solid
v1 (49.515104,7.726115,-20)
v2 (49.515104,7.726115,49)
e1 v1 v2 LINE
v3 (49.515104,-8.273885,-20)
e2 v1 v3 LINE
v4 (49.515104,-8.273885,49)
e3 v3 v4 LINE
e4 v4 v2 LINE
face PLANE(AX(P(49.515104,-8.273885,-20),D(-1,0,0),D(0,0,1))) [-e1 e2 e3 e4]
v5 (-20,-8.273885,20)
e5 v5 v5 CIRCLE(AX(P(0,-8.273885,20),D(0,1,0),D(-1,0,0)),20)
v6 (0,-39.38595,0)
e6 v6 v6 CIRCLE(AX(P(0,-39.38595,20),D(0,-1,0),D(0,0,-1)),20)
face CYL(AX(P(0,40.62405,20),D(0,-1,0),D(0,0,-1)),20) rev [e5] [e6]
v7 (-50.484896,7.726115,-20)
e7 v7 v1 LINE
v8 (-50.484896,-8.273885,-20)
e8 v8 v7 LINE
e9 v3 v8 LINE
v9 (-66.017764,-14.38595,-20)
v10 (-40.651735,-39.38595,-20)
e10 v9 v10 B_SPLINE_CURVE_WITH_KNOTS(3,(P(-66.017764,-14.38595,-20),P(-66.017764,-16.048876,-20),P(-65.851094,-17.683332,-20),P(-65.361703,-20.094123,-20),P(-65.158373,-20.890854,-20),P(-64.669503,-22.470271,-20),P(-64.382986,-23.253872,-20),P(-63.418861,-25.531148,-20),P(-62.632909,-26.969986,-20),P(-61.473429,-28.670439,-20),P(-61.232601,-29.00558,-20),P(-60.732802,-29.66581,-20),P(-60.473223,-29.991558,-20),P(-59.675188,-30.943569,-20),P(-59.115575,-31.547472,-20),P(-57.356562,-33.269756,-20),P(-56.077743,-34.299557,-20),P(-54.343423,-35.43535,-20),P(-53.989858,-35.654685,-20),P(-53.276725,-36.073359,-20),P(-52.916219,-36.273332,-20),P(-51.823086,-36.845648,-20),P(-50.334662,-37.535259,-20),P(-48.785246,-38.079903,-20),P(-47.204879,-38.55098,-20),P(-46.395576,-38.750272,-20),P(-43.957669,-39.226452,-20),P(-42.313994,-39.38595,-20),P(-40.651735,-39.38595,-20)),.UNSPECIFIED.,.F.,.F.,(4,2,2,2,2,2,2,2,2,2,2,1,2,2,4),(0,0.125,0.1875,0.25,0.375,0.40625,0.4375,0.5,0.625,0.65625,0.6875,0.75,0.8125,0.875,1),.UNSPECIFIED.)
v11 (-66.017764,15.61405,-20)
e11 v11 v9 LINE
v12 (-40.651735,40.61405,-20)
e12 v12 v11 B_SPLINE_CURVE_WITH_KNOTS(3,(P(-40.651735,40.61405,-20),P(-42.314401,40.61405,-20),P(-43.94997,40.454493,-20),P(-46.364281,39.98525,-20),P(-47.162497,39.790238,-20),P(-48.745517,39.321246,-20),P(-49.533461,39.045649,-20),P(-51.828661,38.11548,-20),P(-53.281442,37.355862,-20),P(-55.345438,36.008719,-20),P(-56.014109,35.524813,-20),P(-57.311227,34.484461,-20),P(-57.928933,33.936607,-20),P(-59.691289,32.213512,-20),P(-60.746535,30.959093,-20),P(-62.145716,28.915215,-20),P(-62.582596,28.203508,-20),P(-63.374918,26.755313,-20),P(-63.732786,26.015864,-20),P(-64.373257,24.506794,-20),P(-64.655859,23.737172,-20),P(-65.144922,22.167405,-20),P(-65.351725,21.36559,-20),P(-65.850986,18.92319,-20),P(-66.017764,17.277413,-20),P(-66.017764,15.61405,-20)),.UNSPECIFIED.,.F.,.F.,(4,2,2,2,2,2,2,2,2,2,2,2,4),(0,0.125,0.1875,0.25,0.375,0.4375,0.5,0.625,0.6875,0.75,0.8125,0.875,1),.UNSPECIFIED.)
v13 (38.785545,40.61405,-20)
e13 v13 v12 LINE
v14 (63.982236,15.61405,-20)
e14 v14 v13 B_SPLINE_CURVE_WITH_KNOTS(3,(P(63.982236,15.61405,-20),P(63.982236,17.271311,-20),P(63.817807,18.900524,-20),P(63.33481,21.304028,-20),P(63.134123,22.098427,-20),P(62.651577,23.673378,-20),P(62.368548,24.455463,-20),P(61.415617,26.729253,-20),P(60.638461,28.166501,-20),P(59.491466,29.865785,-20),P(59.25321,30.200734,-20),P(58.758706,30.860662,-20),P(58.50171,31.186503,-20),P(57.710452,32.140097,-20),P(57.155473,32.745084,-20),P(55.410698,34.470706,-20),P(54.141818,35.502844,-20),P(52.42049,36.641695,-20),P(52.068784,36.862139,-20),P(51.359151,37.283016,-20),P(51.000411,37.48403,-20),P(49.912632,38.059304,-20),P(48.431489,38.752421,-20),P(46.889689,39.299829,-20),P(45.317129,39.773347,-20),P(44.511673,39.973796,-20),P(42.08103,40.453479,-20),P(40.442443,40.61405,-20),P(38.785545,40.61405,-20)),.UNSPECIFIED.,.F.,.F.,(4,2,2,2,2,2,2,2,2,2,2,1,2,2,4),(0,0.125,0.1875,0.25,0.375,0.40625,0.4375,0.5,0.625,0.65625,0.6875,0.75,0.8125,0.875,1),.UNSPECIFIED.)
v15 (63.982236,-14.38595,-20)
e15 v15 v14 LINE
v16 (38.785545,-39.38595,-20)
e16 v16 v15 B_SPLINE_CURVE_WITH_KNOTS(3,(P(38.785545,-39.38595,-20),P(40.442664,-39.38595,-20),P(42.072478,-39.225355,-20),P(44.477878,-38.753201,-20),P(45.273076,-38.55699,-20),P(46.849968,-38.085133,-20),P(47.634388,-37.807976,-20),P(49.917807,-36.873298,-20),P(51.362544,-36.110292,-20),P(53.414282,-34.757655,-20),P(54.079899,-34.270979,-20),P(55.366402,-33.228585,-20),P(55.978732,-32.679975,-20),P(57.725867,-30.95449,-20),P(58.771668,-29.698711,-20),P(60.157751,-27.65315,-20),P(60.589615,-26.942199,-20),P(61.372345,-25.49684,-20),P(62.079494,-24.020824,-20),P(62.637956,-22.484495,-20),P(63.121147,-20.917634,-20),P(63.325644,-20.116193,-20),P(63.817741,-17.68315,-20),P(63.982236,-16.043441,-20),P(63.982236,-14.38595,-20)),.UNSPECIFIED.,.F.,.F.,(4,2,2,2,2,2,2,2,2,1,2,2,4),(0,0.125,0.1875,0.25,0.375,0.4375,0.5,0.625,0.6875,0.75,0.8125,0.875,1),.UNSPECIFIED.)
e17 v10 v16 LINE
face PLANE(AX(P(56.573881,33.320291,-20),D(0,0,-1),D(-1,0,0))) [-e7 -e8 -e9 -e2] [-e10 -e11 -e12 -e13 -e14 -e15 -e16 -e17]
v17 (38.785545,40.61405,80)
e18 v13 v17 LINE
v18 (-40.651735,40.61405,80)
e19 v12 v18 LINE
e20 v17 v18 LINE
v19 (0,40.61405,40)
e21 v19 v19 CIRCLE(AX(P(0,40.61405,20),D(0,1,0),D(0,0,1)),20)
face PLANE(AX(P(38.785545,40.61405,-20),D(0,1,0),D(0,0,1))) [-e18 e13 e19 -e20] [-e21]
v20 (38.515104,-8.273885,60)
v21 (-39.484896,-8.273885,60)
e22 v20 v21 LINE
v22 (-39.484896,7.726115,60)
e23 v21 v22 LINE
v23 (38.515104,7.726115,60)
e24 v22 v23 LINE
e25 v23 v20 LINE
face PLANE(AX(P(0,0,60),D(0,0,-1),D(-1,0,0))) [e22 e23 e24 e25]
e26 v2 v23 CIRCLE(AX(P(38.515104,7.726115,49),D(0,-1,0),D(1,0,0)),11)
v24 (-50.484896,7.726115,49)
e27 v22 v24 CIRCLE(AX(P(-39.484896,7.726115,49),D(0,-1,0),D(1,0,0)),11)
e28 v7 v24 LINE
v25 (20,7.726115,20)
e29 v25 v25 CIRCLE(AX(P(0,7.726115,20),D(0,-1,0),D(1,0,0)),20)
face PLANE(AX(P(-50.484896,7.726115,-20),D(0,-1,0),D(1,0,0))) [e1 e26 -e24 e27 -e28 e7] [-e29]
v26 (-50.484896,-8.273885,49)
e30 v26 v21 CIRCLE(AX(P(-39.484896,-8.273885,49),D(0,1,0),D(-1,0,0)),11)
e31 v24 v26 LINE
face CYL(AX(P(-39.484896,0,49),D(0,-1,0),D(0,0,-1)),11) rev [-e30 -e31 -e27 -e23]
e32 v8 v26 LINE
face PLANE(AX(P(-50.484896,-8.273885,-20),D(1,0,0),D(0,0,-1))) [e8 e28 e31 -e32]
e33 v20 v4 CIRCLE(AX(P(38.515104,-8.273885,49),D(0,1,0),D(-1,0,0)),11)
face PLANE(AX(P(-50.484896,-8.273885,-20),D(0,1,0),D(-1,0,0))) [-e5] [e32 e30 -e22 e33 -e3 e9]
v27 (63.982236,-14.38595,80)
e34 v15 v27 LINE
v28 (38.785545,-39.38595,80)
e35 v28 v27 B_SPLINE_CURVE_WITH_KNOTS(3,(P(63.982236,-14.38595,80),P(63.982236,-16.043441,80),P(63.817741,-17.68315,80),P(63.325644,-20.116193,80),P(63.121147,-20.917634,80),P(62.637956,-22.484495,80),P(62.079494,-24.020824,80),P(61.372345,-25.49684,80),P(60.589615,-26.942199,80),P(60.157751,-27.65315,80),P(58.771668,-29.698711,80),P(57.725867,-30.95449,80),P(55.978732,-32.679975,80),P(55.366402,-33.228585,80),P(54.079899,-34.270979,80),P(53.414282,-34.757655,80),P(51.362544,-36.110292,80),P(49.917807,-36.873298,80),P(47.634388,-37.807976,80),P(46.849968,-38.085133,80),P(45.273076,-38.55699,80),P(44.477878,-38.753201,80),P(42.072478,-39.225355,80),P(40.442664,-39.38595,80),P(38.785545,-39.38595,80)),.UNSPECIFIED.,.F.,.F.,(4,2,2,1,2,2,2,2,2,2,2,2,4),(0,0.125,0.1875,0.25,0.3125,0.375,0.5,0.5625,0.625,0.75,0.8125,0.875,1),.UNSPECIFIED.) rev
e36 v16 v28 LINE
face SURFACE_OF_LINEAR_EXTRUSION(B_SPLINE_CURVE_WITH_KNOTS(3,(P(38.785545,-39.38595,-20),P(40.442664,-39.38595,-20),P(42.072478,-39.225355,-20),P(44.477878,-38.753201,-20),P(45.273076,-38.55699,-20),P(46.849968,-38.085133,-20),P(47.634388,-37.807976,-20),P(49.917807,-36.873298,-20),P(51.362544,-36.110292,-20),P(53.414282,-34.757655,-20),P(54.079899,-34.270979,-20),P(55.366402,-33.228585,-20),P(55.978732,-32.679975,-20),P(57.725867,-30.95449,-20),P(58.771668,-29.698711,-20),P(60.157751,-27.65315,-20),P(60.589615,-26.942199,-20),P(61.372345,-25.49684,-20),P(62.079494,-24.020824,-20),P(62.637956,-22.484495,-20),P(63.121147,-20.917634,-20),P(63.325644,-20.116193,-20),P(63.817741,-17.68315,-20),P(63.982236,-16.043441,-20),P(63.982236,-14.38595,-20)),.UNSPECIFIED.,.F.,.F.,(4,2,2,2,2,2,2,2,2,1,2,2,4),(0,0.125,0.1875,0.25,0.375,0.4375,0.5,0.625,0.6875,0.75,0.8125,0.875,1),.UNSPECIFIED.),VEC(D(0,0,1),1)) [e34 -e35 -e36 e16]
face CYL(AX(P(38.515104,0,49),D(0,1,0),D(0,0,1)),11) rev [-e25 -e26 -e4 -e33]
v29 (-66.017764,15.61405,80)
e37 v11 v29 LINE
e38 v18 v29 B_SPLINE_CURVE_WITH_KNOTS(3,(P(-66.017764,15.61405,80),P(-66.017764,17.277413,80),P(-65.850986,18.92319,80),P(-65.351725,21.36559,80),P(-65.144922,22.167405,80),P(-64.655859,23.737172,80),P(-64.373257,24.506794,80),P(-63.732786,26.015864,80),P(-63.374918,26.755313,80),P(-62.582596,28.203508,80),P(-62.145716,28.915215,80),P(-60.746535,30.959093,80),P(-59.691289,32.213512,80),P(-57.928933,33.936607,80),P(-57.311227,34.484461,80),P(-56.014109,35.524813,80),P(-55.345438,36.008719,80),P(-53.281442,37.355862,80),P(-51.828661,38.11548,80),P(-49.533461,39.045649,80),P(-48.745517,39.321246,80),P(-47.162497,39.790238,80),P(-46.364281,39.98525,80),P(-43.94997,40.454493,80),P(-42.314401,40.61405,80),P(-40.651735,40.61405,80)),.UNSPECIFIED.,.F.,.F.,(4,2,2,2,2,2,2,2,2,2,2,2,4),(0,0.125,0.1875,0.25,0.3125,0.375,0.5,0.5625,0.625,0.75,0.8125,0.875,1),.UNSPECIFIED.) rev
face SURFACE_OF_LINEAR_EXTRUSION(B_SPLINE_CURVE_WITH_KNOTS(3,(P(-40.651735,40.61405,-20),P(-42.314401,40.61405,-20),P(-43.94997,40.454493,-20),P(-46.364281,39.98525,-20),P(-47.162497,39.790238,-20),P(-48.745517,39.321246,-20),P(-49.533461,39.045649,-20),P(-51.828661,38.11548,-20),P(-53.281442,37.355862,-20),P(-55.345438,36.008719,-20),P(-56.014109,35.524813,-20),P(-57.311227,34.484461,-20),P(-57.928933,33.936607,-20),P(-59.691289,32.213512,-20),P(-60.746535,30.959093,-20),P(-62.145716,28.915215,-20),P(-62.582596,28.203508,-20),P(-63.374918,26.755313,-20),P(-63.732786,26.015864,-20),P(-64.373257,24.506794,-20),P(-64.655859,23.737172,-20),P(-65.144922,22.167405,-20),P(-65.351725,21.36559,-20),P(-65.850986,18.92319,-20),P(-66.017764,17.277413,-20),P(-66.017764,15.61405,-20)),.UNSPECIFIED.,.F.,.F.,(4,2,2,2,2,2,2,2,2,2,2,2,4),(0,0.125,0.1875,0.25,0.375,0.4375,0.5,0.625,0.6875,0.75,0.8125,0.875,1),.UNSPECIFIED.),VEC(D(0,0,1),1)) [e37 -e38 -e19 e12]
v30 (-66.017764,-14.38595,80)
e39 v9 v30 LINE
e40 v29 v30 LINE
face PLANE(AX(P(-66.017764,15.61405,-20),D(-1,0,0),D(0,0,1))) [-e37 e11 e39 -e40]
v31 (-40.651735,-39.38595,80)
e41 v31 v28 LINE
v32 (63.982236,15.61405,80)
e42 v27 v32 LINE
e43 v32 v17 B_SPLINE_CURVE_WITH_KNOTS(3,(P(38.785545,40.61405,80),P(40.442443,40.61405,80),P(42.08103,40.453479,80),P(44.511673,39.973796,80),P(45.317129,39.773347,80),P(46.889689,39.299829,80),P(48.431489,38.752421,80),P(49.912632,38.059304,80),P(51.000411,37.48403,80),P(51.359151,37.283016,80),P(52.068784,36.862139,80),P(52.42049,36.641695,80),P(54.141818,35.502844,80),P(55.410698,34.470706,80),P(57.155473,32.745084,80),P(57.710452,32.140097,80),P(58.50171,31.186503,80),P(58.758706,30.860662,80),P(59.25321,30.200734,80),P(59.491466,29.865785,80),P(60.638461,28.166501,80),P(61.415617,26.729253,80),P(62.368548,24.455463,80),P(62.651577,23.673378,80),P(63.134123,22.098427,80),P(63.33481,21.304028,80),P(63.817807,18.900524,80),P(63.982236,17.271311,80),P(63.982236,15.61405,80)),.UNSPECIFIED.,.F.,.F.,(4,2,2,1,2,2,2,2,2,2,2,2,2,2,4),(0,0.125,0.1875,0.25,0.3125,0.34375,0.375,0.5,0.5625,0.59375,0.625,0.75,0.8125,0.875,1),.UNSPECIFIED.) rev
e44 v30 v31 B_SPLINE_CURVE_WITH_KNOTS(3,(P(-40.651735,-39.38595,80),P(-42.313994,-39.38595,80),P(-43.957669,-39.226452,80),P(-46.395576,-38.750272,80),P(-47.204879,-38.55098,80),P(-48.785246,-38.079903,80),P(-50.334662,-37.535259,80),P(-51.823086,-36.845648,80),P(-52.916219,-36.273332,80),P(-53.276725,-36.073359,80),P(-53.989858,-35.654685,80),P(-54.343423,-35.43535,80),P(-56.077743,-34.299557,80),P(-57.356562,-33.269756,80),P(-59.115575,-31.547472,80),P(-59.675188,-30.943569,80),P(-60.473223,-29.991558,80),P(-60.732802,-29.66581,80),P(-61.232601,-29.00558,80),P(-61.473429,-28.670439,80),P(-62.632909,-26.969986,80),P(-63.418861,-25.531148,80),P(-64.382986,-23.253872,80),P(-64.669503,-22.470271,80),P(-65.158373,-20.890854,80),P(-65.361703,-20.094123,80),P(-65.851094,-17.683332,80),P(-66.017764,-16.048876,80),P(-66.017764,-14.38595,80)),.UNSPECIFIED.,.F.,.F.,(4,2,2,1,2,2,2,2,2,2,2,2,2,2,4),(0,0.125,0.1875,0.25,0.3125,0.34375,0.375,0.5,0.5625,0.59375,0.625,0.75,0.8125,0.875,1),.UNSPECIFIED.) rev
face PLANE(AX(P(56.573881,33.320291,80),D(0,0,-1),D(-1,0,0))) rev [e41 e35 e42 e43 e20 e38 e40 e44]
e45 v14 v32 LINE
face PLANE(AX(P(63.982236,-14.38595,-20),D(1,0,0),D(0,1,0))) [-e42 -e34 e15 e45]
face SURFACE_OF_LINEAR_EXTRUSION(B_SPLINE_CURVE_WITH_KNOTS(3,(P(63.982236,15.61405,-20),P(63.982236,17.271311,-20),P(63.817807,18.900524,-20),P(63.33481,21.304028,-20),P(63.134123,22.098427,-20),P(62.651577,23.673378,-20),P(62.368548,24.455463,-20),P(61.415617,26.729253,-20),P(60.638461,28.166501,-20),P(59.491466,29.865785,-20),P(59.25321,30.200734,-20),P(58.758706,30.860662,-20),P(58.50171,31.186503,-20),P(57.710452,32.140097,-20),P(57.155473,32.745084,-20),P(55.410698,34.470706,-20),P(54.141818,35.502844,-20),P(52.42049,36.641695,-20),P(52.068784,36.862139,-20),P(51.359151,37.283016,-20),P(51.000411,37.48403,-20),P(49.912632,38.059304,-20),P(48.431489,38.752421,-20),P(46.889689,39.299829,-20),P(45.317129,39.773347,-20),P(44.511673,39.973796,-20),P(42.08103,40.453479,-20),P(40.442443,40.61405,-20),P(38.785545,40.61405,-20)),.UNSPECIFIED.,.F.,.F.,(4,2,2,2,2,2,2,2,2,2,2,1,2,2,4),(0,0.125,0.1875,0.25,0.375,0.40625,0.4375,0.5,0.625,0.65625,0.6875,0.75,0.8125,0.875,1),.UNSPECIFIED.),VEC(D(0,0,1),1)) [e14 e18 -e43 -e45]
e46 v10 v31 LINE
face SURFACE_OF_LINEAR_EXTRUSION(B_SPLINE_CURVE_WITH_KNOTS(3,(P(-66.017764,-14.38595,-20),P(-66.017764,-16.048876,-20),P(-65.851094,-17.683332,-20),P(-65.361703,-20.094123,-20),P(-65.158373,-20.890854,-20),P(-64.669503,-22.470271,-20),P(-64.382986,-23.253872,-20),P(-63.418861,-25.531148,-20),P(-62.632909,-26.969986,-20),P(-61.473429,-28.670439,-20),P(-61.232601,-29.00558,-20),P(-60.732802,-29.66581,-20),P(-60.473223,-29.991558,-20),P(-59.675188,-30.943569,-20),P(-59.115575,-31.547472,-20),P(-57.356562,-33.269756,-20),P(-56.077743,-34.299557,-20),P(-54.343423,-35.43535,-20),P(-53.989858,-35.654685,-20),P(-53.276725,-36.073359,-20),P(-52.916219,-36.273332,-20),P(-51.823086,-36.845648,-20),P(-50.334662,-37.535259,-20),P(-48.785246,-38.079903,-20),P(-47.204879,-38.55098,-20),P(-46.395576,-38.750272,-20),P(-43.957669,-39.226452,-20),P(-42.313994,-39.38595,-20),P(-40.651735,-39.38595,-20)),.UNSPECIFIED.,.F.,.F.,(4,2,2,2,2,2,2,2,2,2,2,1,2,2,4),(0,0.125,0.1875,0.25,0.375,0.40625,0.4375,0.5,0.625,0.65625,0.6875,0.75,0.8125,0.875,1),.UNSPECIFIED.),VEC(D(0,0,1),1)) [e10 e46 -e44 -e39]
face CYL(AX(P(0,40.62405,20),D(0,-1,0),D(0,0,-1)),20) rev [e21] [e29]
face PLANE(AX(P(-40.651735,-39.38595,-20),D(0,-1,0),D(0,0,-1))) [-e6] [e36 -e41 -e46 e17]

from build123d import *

# Parameters (mm, degrees)
BOSS_EXTRU_1_START      = 80
BOSS_EXTRU_1_DEPTH      = 100
ENL_V_START             = -80
ESQUISSE3_W             = 100
ESQUISSE3_H             = 16
ENL_V_MAT_EXTRU_1_DEPTH = 80
CONG_4_R                = 11
ESQUISSE4_R             = 20
ENL_V_MAT_EXTRU_2_DEPTH = 131.989866835


with BuildPart() as part:
    # Esquisse1 → Boss.-Extru.1 (new body)
    with BuildSketch(Plane.XY.offset(BOSS_EXTRU_1_START)):
        with BuildLine():
            Line((38.785545077, 40.614050057), (-40.651735145, 40.614050057))
            add(Edge.make_bspline(
                [(-40.651735145, 40.614050057), (-42.314401042, 40.614050057), (-43.949970441, 40.454492538), (-46.364281177, 39.985249726), (-47.162496652, 39.790237743), (-48.745517159, 39.321246489), (-49.533460665, 39.045648859), (-51.828661424, 38.115479858), (-53.281442172, 37.355862098), (-55.345438246, 36.008719052), (-56.014108587, 35.524812991), (-57.311227091, 34.484460801), (-57.928932966, 33.936606502), (-59.691288641, 32.213512357), (-60.746535217, 30.959092716), (-62.145716067, 28.915215354), (-62.582595679, 28.203507769), (-63.374918425, 26.755312757), (-63.732785576, 26.015863677), (-64.373256555, 24.506793589), (-64.65585931, 23.737172152), (-65.144921869, 22.167404719), (-65.351725199, 21.365590427), (-65.850986238, 18.923189743), (-66.017764036, 17.277412601), (-66.017764036, 15.614050057)],
                knots=[0, 0, 0, 0, 0.125, 0.125, 0.1875, 0.1875, 0.25, 0.25, 0.375, 0.375, 0.4375, 0.4375, 0.5, 0.5, 0.625, 0.625, 0.6875, 0.6875, 0.75, 0.75, 0.8125, 0.8125, 0.875, 0.875, 1, 1, 1, 1], degree=3))
            Line((-66.017764036, 15.614050057), (-66.017764036, -14.385949943))
            add(Edge.make_bspline(
                [(-66.017764036, -14.385949943), (-66.017764036, -16.048876138), (-65.851094207, -17.683331778), (-65.361702976, -20.094123219), (-65.158373409, -20.890853543), (-64.669502924, -22.47027084), (-64.382985964, -23.253871687), (-63.418861279, -25.531148199), (-62.632909001, -26.969986123), (-61.47342948, -28.670438694), (-61.23260127, -29.005579947), (-60.732801819, -29.665809665), (-60.473222797, -29.991558275), (-59.675187681, -30.943569432), (-59.115575096, -31.547471943), (-57.356561849, -33.269755718), (-56.077742546, -34.299557378), (-54.343422936, -35.435349924), (-53.989857778, -35.654684562), (-53.276724993, -36.073359456), (-52.916218587, -36.273332214), (-51.823086229, -36.845648188), (-50.334662142, -37.535258588), (-48.785246215, -38.079902579), (-47.20487869, -38.550980299), (-46.395575711, -38.750272405), (-43.957668722, -39.226451984), (-42.313993676, -39.385949943), (-40.651735145, -39.385949943)],
                knots=[0, 0, 0, 0, 0.125, 0.125, 0.1875, 0.1875, 0.25, 0.25, 0.375, 0.375, 0.40625, 0.40625, 0.4375, 0.4375, 0.5, 0.5, 0.625, 0.625, 0.65625, 0.65625, 0.6875, 0.6875, 0.75, 0.8125, 0.8125, 0.875, 0.875, 1, 1, 1, 1], degree=3))
            Line((-40.651735145, -39.385949943), (38.785545077, -39.385949943))
            add(Edge.make_bspline(
                [(38.785545077, -39.385949943), (40.442664026, -39.385949943), (42.072477718, -39.225354876), (44.477877986, -38.753201256), (45.273076472, -38.556989578), (46.849967737, -38.085132809), (47.634388323, -37.807976207), (49.917807144, -36.873298226), (51.362544447, -36.110292076), (53.414281907, -34.757655279), (54.079899229, -34.270978942), (55.366402243, -33.228584654), (55.97873177, -32.679974918), (57.725866743, -30.954489737), (58.771668074, -29.698711403), (60.157750527, -27.653150155), (60.589614996, -26.942198814), (61.372344654, -25.496840481), (62.079494348, -24.020824341), (62.637956251, -22.484495371), (63.121147278, -20.91763397), (63.325643893, -20.116192861), (63.817740886, -17.683150497), (63.982235964, -16.043440912), (63.982235964, -14.385949943)],
                knots=[0, 0, 0, 0, 0.125, 0.125, 0.1875, 0.1875, 0.25, 0.25, 0.375, 0.375, 0.4375, 0.4375, 0.5, 0.5, 0.625, 0.625, 0.6875, 0.6875, 0.75, 0.8125, 0.8125, 0.875, 0.875, 1, 1, 1, 1], degree=3))
            Line((63.982235964, -14.385949943), (63.982235964, 15.614050057))
            add(Edge.make_bspline(
                [(63.982235964, 15.614050057), (63.982235964, 17.271310828), (63.817806647, 18.900524173), (63.334809815, 21.304028451), (63.134123418, 22.098426882), (62.65157662, 23.673377539), (62.368548411, 24.455463484), (61.415616974, 26.729252988), (60.63846114, 28.166500735), (59.491466105, 29.865784629), (59.253210251, 30.200733657), (58.758705823, 30.860661599), (58.501710157, 31.186502863), (57.710451504, 32.140097193), (57.155472753, 32.745084226), (55.410698291, 34.47070563), (54.141818247, 35.502843902), (52.420489637, 36.641694741), (52.068783545, 36.862138502), (51.359150828, 37.2830162), (51.00041085, 37.484029901), (49.912631681, 38.059303906), (48.431489045, 38.75242056), (46.889689036, 39.299828689), (45.317129339, 39.773347224), (44.511672713, 39.973796439), (42.081029739, 40.453478808), (40.442443449, 40.614050057), (38.785545077, 40.614050057)],
                knots=[0, 0, 0, 0, 0.125, 0.125, 0.1875, 0.1875, 0.25, 0.25, 0.375, 0.375, 0.40625, 0.40625, 0.4375, 0.4375, 0.5, 0.5, 0.625, 0.625, 0.65625, 0.65625, 0.6875, 0.6875, 0.75, 0.8125, 0.8125, 0.875, 0.875, 1, 1, 1, 1], degree=3))
        make_face()
    extrude(amount=-BOSS_EXTRU_1_DEPTH)

    # Esquisse3 → Enlèv. mat.-Extru.1 (cut)
    with BuildSketch(Plane(origin=(0, 0, -20), x_dir=(-1, 0, 0), z_dir=(0, 0, -1)).offset(ENL_V_START)):
        with Locations((0.484895913, -0.273885368)):
            Rectangle(ESQUISSE3_W, ESQUISSE3_H)
    extrude(amount=ENL_V_MAT_EXTRU_1_DEPTH, mode=Mode.SUBTRACT)

    # Congé4
    cong_4_edges = [part.edges().sort_by_distance(p)[0] for p in [
        (49.515104087, -0.273885368, 60),
        (-50.484895913, -0.273885368, 60),
    ]]
    fillet(cong_4_edges, radius=CONG_4_R)

    # Esquisse4 → Enlèv. mat.-Extru.2 (cut, through all)
    with BuildSketch(Plane.XZ.offset(39.385949943)):
        with Locations((0, 20)):
            Circle(ESQUISSE4_R)
    extrude(amount=-ENL_V_MAT_EXTRU_2_DEPTH, mode=Mode.SUBTRACT)


solid = part.part
